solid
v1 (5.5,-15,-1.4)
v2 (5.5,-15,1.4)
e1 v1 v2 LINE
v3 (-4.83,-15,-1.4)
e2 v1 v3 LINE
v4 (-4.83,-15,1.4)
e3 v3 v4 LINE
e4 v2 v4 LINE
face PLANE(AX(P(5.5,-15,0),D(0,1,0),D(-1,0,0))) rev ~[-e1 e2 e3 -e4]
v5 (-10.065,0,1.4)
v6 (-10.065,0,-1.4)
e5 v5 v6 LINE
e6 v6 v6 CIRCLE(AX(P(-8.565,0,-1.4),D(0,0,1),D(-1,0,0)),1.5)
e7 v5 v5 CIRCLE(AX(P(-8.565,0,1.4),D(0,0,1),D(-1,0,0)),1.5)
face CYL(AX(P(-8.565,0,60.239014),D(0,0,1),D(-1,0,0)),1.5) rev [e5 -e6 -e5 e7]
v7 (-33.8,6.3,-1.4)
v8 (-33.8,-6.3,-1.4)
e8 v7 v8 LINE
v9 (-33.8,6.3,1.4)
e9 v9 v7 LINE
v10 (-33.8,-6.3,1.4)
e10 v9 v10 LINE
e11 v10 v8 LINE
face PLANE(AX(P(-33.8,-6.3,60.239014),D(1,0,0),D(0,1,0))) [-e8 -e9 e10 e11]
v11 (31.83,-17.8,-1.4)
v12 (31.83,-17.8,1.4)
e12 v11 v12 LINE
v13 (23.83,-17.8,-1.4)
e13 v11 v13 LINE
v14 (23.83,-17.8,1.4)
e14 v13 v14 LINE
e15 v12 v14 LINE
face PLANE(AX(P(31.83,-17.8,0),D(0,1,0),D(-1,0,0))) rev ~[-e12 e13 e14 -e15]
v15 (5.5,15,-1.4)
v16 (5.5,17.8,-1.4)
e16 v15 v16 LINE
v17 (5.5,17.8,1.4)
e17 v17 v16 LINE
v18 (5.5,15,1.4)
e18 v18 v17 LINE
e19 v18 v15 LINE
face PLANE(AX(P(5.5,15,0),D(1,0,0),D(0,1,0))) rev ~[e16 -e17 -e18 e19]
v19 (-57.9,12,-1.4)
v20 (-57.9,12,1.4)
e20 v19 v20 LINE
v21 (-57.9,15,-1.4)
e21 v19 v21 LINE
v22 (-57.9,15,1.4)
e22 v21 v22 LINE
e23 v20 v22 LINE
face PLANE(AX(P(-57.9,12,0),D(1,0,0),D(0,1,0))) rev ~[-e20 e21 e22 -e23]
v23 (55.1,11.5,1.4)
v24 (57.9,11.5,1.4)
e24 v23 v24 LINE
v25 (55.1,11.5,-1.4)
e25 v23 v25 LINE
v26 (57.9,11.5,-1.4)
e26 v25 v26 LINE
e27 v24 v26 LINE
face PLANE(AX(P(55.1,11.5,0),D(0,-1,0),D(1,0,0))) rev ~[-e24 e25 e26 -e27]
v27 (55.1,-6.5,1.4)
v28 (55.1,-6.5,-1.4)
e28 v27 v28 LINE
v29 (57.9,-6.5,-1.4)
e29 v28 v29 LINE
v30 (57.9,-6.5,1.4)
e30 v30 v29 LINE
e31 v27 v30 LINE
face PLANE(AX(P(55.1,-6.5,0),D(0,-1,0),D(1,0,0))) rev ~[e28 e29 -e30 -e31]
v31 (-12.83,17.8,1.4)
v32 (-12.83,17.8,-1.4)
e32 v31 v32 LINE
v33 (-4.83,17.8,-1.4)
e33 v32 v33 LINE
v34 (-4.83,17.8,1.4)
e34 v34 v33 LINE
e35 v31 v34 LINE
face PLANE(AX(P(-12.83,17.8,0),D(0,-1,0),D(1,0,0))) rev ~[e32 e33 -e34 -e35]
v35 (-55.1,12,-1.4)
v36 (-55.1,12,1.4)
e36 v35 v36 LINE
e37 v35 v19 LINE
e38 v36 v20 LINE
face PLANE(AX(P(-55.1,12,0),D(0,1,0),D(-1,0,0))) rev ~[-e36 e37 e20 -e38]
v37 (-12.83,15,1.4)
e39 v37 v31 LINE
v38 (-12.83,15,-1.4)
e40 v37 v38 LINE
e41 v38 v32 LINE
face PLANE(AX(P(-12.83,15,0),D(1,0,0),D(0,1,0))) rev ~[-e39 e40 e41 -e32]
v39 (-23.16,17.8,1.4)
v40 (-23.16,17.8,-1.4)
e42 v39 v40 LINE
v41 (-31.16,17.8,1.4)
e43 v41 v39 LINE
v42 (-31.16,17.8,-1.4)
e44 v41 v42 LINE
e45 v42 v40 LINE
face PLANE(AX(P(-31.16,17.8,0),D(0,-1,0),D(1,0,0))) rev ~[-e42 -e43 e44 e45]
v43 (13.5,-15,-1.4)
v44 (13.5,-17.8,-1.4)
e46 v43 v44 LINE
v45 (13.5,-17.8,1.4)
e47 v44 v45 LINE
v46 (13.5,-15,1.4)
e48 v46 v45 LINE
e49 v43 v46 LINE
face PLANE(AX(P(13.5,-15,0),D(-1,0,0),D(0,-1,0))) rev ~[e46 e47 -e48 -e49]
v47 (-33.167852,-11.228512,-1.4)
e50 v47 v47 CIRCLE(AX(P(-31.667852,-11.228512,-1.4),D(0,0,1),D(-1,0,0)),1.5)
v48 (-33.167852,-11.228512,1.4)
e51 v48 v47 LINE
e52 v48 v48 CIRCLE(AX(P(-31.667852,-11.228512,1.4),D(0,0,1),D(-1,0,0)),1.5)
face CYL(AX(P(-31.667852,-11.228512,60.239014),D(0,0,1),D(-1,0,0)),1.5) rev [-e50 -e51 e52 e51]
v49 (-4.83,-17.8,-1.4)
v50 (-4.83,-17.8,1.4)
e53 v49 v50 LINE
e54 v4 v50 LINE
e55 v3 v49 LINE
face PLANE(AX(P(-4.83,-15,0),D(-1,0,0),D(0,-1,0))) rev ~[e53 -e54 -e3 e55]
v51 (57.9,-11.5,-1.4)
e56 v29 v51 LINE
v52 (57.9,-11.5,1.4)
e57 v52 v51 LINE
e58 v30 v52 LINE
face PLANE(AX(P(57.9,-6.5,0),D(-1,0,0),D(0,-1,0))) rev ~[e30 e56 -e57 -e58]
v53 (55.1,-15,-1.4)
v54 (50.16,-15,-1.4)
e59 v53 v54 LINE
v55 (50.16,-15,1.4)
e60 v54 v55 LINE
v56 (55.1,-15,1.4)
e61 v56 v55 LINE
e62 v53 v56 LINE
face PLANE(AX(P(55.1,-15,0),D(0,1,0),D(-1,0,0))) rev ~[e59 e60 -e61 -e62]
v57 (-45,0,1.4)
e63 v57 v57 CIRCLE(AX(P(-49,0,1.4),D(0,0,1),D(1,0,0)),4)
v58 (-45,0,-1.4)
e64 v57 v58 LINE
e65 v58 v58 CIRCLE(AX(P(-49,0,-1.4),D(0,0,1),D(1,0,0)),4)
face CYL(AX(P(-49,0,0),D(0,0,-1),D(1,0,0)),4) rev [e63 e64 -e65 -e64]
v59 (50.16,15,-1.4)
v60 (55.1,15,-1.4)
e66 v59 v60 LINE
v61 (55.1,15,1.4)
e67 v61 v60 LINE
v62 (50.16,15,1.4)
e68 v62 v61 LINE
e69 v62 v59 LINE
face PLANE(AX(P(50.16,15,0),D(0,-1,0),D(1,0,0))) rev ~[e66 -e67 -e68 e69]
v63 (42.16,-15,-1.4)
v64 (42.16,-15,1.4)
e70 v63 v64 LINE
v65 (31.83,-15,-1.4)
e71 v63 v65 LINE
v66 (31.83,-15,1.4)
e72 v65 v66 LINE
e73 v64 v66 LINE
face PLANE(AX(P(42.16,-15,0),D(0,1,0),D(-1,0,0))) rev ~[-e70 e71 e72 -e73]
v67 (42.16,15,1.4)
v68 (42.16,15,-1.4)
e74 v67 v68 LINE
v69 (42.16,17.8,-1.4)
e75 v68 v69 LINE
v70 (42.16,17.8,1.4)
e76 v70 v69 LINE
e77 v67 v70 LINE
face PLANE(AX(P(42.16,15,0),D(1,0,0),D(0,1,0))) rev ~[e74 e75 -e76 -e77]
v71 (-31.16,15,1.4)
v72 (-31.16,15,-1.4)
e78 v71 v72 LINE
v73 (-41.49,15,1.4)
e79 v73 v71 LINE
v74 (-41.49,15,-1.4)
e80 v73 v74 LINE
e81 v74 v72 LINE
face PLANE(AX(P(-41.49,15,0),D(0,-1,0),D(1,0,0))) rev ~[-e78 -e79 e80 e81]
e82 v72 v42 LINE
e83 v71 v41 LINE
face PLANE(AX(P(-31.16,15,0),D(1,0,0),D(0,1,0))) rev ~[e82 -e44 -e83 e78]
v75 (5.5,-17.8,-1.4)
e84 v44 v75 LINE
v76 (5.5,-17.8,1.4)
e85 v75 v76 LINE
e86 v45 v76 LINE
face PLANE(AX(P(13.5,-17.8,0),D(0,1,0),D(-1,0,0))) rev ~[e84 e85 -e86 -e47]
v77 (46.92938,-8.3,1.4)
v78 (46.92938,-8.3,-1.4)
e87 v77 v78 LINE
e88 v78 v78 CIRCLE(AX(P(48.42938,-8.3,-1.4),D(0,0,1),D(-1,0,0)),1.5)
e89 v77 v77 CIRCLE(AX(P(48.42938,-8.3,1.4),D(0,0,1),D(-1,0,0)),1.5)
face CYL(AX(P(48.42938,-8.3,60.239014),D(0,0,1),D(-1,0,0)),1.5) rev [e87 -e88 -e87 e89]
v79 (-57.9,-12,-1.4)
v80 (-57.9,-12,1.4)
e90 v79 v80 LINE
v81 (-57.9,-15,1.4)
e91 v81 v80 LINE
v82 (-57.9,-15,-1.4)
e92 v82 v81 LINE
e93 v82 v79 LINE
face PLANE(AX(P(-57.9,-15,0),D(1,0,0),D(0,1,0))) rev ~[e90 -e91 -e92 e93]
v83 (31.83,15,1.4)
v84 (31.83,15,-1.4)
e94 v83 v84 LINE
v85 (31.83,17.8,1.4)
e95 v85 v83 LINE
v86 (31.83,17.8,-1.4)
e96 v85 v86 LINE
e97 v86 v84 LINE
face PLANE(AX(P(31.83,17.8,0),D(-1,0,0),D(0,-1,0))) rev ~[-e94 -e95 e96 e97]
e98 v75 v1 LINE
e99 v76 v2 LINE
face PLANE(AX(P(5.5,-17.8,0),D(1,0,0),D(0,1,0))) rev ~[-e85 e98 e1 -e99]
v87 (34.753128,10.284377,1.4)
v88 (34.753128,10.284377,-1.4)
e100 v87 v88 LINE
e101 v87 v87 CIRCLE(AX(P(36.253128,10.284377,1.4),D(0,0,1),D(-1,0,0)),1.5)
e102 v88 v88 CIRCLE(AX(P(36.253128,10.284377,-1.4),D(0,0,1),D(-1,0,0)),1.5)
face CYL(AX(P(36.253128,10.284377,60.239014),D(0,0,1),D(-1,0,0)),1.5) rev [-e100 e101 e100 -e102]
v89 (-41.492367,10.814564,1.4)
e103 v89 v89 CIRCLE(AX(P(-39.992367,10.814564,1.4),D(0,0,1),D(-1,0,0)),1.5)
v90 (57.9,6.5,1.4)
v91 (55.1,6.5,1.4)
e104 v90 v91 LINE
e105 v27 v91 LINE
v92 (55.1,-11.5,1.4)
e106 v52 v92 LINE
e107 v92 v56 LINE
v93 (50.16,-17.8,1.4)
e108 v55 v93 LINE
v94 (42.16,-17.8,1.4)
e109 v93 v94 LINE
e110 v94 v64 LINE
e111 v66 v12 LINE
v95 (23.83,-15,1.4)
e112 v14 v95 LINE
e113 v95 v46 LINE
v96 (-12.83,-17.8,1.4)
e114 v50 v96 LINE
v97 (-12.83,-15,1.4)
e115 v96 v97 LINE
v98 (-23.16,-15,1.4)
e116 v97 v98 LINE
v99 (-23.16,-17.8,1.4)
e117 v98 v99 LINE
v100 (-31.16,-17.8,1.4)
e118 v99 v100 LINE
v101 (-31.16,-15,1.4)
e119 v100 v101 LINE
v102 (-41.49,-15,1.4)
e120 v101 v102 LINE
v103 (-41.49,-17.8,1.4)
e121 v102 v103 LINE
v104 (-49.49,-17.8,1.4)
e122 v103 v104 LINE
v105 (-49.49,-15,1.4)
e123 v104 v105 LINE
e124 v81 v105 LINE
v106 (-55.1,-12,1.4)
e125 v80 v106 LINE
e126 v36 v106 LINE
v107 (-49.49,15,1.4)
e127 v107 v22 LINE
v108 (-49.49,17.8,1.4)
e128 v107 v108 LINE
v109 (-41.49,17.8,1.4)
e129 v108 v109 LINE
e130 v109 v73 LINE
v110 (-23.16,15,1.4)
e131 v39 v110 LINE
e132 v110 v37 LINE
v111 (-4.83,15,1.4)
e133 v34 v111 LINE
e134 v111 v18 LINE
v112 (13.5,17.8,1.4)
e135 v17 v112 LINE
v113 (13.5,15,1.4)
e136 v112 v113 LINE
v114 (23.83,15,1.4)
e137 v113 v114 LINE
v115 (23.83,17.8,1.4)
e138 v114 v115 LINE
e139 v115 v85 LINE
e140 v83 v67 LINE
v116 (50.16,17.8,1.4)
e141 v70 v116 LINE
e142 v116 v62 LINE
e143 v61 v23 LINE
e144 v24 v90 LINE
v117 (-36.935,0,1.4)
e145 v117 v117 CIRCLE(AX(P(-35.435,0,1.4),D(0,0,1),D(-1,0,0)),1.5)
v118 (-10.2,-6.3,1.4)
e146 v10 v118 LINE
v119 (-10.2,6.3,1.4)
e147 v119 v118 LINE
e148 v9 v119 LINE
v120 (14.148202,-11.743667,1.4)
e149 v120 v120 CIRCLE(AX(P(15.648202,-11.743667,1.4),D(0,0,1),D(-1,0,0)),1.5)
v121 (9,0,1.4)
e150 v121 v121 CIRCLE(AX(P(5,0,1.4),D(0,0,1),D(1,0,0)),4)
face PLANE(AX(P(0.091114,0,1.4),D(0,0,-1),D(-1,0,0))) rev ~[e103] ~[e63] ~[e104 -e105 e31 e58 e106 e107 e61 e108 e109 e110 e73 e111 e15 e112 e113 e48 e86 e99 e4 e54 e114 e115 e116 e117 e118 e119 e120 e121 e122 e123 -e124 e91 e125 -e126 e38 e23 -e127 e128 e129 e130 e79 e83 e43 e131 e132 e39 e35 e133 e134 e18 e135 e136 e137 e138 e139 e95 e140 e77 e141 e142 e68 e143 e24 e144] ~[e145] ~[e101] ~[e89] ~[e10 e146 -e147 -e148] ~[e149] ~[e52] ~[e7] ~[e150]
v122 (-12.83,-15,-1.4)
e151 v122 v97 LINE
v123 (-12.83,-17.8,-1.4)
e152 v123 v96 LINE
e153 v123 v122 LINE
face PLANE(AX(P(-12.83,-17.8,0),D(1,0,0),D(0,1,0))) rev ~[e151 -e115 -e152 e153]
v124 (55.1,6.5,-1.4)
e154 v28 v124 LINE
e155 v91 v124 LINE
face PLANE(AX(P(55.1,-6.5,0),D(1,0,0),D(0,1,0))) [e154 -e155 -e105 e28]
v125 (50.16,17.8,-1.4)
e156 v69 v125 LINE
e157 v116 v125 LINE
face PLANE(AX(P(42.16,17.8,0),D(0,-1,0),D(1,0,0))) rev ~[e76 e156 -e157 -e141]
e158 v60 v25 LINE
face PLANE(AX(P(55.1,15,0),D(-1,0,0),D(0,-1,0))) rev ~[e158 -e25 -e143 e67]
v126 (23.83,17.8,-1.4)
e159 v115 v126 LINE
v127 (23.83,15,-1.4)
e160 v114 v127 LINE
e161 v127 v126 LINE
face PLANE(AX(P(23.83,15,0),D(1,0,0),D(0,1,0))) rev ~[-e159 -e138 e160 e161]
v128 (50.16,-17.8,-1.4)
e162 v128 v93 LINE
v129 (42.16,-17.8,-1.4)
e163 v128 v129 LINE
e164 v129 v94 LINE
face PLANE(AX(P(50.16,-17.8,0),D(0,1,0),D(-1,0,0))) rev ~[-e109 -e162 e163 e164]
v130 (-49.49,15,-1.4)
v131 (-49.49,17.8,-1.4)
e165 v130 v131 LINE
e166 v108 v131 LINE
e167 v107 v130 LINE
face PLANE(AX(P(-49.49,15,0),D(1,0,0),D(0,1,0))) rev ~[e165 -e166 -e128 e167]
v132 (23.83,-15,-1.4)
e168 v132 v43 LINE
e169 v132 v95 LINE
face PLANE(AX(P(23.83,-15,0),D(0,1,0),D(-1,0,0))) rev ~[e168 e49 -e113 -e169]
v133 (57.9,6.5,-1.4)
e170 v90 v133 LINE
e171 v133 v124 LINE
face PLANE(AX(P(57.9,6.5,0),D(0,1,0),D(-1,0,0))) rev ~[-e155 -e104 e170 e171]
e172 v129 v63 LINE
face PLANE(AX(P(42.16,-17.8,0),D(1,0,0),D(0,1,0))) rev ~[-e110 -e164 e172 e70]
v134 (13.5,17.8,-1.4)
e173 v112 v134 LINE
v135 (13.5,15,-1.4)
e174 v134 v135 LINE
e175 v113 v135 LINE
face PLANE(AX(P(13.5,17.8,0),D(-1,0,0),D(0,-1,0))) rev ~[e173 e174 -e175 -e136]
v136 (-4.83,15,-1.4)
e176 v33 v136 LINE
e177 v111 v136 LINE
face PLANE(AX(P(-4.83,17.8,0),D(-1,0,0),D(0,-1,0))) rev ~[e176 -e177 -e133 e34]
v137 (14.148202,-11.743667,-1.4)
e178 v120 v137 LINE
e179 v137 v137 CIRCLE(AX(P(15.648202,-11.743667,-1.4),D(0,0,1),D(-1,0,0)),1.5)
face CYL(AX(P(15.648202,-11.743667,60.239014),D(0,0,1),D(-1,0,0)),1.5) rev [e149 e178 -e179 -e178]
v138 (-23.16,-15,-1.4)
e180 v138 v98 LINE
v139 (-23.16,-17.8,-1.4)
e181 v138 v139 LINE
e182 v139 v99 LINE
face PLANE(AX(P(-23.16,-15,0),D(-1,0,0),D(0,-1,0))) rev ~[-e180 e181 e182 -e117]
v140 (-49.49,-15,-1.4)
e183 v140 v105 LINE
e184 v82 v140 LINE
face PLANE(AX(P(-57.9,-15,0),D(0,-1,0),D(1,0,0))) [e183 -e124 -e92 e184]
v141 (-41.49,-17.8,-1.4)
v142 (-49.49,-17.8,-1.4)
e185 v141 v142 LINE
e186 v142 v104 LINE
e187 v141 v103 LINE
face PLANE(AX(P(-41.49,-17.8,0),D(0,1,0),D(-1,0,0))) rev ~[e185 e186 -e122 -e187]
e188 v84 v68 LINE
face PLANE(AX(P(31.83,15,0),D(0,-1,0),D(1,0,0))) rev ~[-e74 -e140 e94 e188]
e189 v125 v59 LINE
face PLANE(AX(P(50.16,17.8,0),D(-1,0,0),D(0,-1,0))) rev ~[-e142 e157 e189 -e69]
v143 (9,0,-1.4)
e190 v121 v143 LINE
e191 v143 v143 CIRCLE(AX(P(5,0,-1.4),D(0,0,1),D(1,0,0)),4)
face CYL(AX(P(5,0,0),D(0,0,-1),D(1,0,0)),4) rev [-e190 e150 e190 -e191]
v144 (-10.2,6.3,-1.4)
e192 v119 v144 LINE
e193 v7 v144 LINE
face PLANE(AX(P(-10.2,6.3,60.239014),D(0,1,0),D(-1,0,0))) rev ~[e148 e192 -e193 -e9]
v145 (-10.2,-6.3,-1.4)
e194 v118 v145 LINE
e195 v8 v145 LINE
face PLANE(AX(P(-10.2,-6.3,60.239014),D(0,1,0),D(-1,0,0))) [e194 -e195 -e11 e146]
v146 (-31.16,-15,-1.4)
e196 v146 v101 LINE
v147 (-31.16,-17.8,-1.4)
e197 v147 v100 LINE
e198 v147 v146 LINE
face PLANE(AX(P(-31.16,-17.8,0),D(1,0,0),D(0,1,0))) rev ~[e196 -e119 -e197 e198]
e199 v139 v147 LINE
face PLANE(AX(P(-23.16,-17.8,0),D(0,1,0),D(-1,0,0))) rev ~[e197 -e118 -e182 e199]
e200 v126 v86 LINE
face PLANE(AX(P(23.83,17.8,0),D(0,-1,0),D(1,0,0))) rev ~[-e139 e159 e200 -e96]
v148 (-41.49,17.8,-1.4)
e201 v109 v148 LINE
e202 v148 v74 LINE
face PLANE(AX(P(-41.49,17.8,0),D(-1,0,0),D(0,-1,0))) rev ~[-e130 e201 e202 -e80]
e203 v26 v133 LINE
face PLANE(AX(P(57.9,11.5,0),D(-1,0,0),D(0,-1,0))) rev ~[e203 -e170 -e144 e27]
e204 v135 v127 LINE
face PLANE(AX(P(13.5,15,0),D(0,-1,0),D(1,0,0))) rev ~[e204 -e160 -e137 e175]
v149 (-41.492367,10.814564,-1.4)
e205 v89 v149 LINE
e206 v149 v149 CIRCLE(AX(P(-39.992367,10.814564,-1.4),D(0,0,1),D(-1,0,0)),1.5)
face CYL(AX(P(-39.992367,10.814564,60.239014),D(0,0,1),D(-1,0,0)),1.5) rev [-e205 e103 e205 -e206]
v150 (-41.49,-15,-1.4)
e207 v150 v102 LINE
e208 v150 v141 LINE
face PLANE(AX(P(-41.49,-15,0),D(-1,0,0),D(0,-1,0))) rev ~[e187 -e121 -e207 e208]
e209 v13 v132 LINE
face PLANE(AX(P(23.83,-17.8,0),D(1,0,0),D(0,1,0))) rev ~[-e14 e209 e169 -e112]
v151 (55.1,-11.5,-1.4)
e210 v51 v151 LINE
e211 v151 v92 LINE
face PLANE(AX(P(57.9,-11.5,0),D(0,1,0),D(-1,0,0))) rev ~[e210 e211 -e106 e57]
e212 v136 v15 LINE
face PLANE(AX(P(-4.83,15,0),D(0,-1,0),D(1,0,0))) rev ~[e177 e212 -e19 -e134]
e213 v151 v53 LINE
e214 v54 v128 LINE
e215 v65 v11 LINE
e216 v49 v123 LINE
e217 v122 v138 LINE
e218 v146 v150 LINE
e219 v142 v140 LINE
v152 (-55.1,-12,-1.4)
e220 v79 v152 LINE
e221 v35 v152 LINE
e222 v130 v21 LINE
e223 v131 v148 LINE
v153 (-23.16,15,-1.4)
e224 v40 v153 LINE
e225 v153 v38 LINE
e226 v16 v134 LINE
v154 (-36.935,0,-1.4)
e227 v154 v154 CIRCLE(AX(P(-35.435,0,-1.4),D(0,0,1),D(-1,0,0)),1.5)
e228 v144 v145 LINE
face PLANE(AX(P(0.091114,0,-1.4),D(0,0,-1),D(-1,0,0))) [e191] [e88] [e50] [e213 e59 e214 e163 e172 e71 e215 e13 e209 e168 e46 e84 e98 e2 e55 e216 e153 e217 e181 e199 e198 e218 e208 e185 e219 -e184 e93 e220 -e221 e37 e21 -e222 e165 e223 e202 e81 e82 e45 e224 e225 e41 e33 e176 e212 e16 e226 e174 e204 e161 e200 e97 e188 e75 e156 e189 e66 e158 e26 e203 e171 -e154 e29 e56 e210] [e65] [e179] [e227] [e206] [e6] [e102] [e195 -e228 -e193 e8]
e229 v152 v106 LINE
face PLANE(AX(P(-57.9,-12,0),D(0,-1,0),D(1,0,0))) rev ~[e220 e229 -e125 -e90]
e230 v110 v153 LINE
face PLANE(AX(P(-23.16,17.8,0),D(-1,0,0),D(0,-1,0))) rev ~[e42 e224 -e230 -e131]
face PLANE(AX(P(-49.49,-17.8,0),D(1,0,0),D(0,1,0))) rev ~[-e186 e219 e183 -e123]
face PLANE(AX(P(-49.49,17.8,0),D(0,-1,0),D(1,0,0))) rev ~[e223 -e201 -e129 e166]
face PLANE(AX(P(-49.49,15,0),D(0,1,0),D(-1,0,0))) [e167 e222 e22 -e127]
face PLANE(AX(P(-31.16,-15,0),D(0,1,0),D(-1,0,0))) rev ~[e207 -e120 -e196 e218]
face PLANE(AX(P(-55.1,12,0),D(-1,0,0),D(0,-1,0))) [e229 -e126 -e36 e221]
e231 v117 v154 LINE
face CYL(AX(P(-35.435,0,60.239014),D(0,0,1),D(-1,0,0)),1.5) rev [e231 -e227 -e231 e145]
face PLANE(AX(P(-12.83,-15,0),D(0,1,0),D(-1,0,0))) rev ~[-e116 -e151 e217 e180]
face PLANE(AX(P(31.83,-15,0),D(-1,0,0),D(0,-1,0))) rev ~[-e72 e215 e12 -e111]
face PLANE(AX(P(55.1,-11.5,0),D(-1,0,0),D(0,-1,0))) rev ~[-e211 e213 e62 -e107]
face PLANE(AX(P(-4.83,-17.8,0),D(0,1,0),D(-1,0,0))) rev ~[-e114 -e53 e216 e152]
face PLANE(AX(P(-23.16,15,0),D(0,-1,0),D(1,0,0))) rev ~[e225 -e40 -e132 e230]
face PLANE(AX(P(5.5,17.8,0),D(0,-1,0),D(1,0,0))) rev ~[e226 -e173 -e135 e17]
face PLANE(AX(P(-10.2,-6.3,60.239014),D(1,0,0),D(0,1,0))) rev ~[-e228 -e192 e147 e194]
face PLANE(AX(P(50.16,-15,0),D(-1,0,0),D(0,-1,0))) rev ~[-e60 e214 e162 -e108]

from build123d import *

# Parameters (mm, degrees)
SKETCH_1_R               = 4
EXTRUDE_1_DEPTH          = 1.4
CUT_EXTRUDE_1_DEPTH      = 61.639013844
CUT_EXTRUDE_1_DEPTH_BACK = 61.639013844
SKETCH_2_W               = 23.6
SKETCH_2_H               = 12.6
SKETCH_2_R               = 1.5
CUT_EXTRUDE_2_DEPTH      = 61.639013844
CUT_EXTRUDE_2_DEPTH_BACK = 61.639013844
SKETCH_3_R               = 1.5
SKETCH_3_R_2             = 1.499999999
SKETCH_3_R_3             = 1.500000004


with BuildPart() as part:
    # Эскиз1 → Бобышка-Вытянуть1 (new, symmetric)
    with BuildSketch(Plane.XY):
        Polygon((-55.1, 15), (-49.49, 15), (-49.49, 17.8), (-41.49, 17.8), (-41.49, 15), (-31.16, 15), (-31.16, 17.8), (-23.16, 17.8), (-23.16, 15), (-12.83, 15), (-12.83, 17.8), (-4.83, 17.8), (-4.83, 15), (5.5, 15), (5.5, 17.8), (13.5, 17.8), (13.5, 15), (23.83, 15), (23.83, 17.8), (31.83, 17.8), (31.83, 15), (42.16, 15), (42.16, 17.8), (50.16, 17.8), (50.16, 15), (55.1, 15), (55.1, 11.5), (57.9, 11.5), (57.9, 6.5), (55.1, 6.5), (55.1, 5), (55.1, -5), (55.1, -6.5), (57.9, -6.5), (57.9, -11.5), (55.1, -11.5), (55.1, -15), (50.16, -15), (50.16, -17.8), (42.16, -17.8), (42.16, -15), (31.83, -15), (31.83, -17.8), (23.83, -17.8), (23.83, -15), (13.5, -15), (13.5, -17.8), (5.5, -17.8), (5.5, -15), (-4.83, -15), (-4.83, -17.8), (-12.83, -17.8), (-12.83, -15), (-23.16, -15), (-23.16, -17.8), (-31.16, -17.8), (-31.16, -15), (-41.49, -15), (-41.49, -17.8), (-49.49, -17.8), (-49.49, -15), (-55.1, -15), (-57.9, -15), (-57.9, -12), (-55.1, -12), (-55.1, -11.5), (-55.1, -6.5), (-55.1, -5), (-55.1, 5), (-55.1, 6.5), (-55.1, 11.5), (-55.1, 12), (-57.9, 12), (-57.9, 15), align=None)
        with Locations((5, 0)):
            Circle(SKETCH_1_R, mode=Mode.SUBTRACT)
        with Locations((-49, 0)):
            Circle(SKETCH_1_R, mode=Mode.SUBTRACT)
    extrude(amount=EXTRUDE_1_DEPTH, both=True)

    # Эскиз2 → Вырез-Вытянуть1 (cut, two sides: drawn at the far end of the back side and taken through both)
    with BuildSketch(Plane(origin=(0, 0, -1.4), x_dir=(-1, 0, 0), z_dir=(0, 0, -1)).offset(-CUT_EXTRUDE_1_DEPTH_BACK)):
        with Locations((22, 0)):
            Rectangle(SKETCH_2_W, SKETCH_2_H)
        with Locations((8.565, 0)):
            Circle(SKETCH_2_R)
        with Locations((35.435, 0)):
            Circle(SKETCH_2_R)
    extrude(amount=CUT_EXTRUDE_1_DEPTH + CUT_EXTRUDE_1_DEPTH_BACK, mode=Mode.SUBTRACT)

    # Эскиз3 → Вырез-Вытянуть2 (cut, two sides: drawn at the far end of the back side and taken through both)
    with BuildSketch(Plane(origin=(0, 0, -1.4), x_dir=(-1, 0, 0), z_dir=(0, 0, -1)).offset(-CUT_EXTRUDE_2_DEPTH_BACK)):
        with Locations((31.667851618, -11.228512478)):
            Circle(SKETCH_3_R)
        with Locations((-48.429379636, -8.299999991)):
            Circle(SKETCH_3_R_2)
        with Locations((-15.648202479, -11.743667469)):
            Circle(SKETCH_3_R_2)
        with Locations((39.99236744, 10.8145639)):
            Circle(SKETCH_3_R)
        with Locations((-36.253127984, 10.284376689)):
            Circle(SKETCH_3_R_3)
    extrude(amount=CUT_EXTRUDE_2_DEPTH + CUT_EXTRUDE_2_DEPTH_BACK, mode=Mode.SUBTRACT)


solid = part.part
